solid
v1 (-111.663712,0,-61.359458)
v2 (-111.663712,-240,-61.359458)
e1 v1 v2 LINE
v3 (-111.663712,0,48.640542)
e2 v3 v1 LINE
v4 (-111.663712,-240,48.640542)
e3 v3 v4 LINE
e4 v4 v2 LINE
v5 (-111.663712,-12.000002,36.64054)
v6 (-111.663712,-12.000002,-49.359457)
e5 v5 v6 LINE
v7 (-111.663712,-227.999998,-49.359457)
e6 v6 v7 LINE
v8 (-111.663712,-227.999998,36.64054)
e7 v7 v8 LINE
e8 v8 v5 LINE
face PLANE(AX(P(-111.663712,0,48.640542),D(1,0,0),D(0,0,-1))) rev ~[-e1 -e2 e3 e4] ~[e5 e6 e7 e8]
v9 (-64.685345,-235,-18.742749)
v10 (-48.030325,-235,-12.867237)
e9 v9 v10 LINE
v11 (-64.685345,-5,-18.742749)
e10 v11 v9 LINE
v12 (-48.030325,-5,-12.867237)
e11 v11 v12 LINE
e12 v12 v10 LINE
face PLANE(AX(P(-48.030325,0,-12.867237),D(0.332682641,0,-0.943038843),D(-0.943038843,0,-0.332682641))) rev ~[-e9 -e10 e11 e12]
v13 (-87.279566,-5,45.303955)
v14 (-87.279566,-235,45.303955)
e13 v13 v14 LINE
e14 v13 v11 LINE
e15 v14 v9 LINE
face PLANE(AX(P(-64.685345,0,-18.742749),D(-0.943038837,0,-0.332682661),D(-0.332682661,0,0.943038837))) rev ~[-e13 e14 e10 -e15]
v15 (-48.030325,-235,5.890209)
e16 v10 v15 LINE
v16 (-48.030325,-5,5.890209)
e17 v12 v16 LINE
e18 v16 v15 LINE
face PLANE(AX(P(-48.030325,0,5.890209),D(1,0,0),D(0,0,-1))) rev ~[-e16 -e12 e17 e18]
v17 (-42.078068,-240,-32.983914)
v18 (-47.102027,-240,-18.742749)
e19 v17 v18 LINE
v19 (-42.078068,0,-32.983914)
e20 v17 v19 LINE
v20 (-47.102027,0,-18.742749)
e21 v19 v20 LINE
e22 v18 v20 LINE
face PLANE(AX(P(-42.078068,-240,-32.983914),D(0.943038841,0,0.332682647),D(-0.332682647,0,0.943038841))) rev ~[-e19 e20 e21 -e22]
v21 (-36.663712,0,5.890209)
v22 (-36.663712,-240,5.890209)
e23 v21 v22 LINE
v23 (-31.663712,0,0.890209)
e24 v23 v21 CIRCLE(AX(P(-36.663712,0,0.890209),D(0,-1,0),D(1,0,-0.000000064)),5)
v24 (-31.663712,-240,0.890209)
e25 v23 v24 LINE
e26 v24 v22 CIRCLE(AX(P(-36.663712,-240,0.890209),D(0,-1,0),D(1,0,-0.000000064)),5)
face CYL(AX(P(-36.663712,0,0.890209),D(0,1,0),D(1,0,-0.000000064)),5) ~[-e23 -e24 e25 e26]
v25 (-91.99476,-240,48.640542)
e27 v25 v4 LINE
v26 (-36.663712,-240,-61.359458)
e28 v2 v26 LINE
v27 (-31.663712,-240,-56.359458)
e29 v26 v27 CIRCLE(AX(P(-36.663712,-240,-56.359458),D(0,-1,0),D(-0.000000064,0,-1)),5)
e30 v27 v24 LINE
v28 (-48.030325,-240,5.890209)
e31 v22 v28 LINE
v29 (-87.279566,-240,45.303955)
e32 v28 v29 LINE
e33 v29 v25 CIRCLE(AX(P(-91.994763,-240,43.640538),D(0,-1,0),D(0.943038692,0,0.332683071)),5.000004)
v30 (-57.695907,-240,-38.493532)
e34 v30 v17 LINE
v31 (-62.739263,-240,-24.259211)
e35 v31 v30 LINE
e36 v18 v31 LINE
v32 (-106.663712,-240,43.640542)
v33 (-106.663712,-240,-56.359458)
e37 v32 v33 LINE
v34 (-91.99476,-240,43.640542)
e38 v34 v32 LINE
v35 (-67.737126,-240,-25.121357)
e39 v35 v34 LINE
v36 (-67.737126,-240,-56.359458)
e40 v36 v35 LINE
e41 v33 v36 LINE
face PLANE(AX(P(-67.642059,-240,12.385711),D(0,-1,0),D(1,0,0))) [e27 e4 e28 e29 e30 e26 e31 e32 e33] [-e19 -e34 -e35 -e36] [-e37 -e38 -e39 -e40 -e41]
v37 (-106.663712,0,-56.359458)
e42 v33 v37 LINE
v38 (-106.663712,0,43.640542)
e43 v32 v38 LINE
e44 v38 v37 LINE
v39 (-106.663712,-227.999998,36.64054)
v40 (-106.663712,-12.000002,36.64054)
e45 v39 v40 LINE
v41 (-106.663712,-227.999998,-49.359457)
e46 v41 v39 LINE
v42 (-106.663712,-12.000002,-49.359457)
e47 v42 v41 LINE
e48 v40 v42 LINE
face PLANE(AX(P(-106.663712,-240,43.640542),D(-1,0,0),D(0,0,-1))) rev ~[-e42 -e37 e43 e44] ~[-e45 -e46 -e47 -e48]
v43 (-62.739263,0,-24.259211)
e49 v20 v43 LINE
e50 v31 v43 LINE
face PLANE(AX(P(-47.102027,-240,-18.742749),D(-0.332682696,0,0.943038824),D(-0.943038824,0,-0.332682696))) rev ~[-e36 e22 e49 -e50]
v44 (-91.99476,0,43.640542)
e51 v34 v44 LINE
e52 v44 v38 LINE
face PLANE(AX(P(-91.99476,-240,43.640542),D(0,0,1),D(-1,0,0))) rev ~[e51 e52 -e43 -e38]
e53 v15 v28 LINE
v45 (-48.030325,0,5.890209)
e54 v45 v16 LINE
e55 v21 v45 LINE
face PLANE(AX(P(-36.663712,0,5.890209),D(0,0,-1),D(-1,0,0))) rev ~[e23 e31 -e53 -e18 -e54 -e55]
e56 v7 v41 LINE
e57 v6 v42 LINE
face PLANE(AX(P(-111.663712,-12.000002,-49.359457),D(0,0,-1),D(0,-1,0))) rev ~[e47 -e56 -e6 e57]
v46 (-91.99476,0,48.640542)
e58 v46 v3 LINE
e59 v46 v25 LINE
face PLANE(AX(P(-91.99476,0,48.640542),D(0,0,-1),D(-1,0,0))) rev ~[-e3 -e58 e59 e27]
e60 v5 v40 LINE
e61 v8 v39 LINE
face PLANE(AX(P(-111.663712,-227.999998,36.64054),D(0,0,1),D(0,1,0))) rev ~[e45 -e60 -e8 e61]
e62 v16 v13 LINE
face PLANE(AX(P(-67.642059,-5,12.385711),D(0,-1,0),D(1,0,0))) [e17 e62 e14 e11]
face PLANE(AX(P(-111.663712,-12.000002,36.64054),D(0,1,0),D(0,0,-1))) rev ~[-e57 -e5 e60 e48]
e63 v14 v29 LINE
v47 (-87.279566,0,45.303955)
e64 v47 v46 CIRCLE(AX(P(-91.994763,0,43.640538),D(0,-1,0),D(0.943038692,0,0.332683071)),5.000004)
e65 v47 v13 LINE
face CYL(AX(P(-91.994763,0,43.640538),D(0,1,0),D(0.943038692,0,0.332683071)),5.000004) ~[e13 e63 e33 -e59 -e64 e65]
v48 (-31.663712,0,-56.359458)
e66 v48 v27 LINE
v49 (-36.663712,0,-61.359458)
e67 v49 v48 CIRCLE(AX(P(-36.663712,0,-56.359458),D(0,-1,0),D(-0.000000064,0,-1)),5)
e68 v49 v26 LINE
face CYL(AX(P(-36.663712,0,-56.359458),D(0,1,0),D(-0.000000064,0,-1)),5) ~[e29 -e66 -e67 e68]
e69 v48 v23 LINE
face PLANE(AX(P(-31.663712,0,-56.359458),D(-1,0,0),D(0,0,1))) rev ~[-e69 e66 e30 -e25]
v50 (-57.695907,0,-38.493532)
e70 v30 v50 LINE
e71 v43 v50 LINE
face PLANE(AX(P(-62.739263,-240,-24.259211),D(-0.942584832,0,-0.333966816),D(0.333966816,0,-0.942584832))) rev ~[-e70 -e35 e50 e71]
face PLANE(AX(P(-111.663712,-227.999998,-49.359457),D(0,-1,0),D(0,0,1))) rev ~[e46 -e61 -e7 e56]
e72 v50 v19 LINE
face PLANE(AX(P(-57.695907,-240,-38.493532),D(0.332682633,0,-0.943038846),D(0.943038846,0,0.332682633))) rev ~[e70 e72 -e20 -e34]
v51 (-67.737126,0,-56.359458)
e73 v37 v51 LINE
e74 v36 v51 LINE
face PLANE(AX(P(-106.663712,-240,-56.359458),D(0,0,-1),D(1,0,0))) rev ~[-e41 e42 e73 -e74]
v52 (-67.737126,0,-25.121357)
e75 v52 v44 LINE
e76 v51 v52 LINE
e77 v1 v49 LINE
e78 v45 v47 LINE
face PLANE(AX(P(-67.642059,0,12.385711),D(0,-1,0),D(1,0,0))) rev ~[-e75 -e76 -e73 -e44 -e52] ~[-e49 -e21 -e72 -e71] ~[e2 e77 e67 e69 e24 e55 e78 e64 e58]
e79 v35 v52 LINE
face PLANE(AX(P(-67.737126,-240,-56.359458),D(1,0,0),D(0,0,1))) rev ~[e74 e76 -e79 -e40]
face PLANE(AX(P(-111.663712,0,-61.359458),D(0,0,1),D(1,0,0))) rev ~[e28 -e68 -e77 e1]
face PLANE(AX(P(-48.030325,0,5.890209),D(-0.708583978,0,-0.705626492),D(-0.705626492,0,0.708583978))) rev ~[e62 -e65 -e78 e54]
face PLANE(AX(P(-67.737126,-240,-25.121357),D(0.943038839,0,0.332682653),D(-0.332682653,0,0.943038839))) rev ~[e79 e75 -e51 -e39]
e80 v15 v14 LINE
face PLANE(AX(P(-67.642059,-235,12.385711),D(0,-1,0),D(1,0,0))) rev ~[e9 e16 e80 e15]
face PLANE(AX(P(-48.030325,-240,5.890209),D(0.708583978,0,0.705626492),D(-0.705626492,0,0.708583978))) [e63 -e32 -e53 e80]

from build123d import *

# Parameters (mm, degrees)
F1_DEPTH  = 240
F2_DEPTH  = 5
F5_DEPTH  = 260
F6_DEPTH  = 252
F8_DEPTH  = 5
F10_DEPTH = 5


with BuildPart() as f1:
    # F0 (on Front) → F1 (new body)
    with BuildSketch(Plane.XZ):
        with BuildLine():
            Line((-91.99476, 48.640542), (-111.663712, 48.640542))
            Line((-111.663712, 48.640542), (-111.663712, -61.359458))
            Line((-111.663712, -61.359458), (-36.663712, -61.359458))
            ThreePointArc((-36.663712, -61.359458), (-33.128178, -59.894992), (-31.663712, -56.359458))
            Line((-31.663712, -56.359458), (-31.663712, 0.890209))
            ThreePointArc((-31.663712, 0.890209), (-33.128178, 4.425743), (-36.663712, 5.890209))
            Line((-36.663712, 5.890209), (-48.030325, 5.890209))
            Line((-48.030325, 5.890209), (-48.030325, -12.867237))
            Line((-48.030325, -12.867237), (-64.685345, -18.742749))
            Line((-64.685345, -18.742749), (-87.279566, 45.303955))
            ThreePointArc((-87.279566, 45.303955), (-89.106601, 47.722028), (-91.99476, 48.640542))
        make_face()
    extrude(amount=F1_DEPTH)

    # F0 (on Front) → F2 (join)
    with BuildSketch(Plane.XZ):
        Polygon((-48.030325, 5.890209), (-87.279566, 45.303955), (-64.685345, -18.742749), (-48.030325, -12.867237), align=None)
    extrude(amount=F2_DEPTH)

    # F4 (on face) → F5 (cut)
    with BuildSketch(Plane.XZ.offset(240)):
        Polygon((-91.99476, 43.640542), (-106.663712, 43.640542), (-106.663712, -56.359458), (-67.737126, -56.359458), (-67.737126, -25.121357), align=None)
    extrude(amount=-F5_DEPTH, mode=Mode.SUBTRACT)

    # F3 (on face) → F6 (cut)
    with BuildSketch(Plane.XZ.offset(240)):
        Polygon((-47.102027, -18.742749), (-62.739263, -24.259211), (-57.695907, -38.493532), (-42.078068, -32.983914), align=None)
    extrude(amount=-F6_DEPTH, mode=Mode.SUBTRACT)

    # F7 (on face) → F8 (join)
    with BuildSketch(Plane.XZ.offset(240)):
        Polygon((-48.030325, -12.867237), (-48.030325, 5.890209), (-87.279566, 45.303955), (-64.685345, -18.742749), align=None)
    extrude(amount=-F8_DEPTH)

    # F9 (on face) → F10 (cut)
    with BuildSketch(Plane(origin=(-111.663712, 0, 0), x_dir=(0, -1, 0), z_dir=(-1, 0, 0))):
        Polygon((227.999998, -49.359457), (227.999998, 36.64054), (12.000002, 36.64054), (12.000002, 5.890209), (12.000002, 0.890209), (12.000002, -49.359457), align=None)
    extrude(amount=-F10_DEPTH, mode=Mode.SUBTRACT)


solid = f1.part
